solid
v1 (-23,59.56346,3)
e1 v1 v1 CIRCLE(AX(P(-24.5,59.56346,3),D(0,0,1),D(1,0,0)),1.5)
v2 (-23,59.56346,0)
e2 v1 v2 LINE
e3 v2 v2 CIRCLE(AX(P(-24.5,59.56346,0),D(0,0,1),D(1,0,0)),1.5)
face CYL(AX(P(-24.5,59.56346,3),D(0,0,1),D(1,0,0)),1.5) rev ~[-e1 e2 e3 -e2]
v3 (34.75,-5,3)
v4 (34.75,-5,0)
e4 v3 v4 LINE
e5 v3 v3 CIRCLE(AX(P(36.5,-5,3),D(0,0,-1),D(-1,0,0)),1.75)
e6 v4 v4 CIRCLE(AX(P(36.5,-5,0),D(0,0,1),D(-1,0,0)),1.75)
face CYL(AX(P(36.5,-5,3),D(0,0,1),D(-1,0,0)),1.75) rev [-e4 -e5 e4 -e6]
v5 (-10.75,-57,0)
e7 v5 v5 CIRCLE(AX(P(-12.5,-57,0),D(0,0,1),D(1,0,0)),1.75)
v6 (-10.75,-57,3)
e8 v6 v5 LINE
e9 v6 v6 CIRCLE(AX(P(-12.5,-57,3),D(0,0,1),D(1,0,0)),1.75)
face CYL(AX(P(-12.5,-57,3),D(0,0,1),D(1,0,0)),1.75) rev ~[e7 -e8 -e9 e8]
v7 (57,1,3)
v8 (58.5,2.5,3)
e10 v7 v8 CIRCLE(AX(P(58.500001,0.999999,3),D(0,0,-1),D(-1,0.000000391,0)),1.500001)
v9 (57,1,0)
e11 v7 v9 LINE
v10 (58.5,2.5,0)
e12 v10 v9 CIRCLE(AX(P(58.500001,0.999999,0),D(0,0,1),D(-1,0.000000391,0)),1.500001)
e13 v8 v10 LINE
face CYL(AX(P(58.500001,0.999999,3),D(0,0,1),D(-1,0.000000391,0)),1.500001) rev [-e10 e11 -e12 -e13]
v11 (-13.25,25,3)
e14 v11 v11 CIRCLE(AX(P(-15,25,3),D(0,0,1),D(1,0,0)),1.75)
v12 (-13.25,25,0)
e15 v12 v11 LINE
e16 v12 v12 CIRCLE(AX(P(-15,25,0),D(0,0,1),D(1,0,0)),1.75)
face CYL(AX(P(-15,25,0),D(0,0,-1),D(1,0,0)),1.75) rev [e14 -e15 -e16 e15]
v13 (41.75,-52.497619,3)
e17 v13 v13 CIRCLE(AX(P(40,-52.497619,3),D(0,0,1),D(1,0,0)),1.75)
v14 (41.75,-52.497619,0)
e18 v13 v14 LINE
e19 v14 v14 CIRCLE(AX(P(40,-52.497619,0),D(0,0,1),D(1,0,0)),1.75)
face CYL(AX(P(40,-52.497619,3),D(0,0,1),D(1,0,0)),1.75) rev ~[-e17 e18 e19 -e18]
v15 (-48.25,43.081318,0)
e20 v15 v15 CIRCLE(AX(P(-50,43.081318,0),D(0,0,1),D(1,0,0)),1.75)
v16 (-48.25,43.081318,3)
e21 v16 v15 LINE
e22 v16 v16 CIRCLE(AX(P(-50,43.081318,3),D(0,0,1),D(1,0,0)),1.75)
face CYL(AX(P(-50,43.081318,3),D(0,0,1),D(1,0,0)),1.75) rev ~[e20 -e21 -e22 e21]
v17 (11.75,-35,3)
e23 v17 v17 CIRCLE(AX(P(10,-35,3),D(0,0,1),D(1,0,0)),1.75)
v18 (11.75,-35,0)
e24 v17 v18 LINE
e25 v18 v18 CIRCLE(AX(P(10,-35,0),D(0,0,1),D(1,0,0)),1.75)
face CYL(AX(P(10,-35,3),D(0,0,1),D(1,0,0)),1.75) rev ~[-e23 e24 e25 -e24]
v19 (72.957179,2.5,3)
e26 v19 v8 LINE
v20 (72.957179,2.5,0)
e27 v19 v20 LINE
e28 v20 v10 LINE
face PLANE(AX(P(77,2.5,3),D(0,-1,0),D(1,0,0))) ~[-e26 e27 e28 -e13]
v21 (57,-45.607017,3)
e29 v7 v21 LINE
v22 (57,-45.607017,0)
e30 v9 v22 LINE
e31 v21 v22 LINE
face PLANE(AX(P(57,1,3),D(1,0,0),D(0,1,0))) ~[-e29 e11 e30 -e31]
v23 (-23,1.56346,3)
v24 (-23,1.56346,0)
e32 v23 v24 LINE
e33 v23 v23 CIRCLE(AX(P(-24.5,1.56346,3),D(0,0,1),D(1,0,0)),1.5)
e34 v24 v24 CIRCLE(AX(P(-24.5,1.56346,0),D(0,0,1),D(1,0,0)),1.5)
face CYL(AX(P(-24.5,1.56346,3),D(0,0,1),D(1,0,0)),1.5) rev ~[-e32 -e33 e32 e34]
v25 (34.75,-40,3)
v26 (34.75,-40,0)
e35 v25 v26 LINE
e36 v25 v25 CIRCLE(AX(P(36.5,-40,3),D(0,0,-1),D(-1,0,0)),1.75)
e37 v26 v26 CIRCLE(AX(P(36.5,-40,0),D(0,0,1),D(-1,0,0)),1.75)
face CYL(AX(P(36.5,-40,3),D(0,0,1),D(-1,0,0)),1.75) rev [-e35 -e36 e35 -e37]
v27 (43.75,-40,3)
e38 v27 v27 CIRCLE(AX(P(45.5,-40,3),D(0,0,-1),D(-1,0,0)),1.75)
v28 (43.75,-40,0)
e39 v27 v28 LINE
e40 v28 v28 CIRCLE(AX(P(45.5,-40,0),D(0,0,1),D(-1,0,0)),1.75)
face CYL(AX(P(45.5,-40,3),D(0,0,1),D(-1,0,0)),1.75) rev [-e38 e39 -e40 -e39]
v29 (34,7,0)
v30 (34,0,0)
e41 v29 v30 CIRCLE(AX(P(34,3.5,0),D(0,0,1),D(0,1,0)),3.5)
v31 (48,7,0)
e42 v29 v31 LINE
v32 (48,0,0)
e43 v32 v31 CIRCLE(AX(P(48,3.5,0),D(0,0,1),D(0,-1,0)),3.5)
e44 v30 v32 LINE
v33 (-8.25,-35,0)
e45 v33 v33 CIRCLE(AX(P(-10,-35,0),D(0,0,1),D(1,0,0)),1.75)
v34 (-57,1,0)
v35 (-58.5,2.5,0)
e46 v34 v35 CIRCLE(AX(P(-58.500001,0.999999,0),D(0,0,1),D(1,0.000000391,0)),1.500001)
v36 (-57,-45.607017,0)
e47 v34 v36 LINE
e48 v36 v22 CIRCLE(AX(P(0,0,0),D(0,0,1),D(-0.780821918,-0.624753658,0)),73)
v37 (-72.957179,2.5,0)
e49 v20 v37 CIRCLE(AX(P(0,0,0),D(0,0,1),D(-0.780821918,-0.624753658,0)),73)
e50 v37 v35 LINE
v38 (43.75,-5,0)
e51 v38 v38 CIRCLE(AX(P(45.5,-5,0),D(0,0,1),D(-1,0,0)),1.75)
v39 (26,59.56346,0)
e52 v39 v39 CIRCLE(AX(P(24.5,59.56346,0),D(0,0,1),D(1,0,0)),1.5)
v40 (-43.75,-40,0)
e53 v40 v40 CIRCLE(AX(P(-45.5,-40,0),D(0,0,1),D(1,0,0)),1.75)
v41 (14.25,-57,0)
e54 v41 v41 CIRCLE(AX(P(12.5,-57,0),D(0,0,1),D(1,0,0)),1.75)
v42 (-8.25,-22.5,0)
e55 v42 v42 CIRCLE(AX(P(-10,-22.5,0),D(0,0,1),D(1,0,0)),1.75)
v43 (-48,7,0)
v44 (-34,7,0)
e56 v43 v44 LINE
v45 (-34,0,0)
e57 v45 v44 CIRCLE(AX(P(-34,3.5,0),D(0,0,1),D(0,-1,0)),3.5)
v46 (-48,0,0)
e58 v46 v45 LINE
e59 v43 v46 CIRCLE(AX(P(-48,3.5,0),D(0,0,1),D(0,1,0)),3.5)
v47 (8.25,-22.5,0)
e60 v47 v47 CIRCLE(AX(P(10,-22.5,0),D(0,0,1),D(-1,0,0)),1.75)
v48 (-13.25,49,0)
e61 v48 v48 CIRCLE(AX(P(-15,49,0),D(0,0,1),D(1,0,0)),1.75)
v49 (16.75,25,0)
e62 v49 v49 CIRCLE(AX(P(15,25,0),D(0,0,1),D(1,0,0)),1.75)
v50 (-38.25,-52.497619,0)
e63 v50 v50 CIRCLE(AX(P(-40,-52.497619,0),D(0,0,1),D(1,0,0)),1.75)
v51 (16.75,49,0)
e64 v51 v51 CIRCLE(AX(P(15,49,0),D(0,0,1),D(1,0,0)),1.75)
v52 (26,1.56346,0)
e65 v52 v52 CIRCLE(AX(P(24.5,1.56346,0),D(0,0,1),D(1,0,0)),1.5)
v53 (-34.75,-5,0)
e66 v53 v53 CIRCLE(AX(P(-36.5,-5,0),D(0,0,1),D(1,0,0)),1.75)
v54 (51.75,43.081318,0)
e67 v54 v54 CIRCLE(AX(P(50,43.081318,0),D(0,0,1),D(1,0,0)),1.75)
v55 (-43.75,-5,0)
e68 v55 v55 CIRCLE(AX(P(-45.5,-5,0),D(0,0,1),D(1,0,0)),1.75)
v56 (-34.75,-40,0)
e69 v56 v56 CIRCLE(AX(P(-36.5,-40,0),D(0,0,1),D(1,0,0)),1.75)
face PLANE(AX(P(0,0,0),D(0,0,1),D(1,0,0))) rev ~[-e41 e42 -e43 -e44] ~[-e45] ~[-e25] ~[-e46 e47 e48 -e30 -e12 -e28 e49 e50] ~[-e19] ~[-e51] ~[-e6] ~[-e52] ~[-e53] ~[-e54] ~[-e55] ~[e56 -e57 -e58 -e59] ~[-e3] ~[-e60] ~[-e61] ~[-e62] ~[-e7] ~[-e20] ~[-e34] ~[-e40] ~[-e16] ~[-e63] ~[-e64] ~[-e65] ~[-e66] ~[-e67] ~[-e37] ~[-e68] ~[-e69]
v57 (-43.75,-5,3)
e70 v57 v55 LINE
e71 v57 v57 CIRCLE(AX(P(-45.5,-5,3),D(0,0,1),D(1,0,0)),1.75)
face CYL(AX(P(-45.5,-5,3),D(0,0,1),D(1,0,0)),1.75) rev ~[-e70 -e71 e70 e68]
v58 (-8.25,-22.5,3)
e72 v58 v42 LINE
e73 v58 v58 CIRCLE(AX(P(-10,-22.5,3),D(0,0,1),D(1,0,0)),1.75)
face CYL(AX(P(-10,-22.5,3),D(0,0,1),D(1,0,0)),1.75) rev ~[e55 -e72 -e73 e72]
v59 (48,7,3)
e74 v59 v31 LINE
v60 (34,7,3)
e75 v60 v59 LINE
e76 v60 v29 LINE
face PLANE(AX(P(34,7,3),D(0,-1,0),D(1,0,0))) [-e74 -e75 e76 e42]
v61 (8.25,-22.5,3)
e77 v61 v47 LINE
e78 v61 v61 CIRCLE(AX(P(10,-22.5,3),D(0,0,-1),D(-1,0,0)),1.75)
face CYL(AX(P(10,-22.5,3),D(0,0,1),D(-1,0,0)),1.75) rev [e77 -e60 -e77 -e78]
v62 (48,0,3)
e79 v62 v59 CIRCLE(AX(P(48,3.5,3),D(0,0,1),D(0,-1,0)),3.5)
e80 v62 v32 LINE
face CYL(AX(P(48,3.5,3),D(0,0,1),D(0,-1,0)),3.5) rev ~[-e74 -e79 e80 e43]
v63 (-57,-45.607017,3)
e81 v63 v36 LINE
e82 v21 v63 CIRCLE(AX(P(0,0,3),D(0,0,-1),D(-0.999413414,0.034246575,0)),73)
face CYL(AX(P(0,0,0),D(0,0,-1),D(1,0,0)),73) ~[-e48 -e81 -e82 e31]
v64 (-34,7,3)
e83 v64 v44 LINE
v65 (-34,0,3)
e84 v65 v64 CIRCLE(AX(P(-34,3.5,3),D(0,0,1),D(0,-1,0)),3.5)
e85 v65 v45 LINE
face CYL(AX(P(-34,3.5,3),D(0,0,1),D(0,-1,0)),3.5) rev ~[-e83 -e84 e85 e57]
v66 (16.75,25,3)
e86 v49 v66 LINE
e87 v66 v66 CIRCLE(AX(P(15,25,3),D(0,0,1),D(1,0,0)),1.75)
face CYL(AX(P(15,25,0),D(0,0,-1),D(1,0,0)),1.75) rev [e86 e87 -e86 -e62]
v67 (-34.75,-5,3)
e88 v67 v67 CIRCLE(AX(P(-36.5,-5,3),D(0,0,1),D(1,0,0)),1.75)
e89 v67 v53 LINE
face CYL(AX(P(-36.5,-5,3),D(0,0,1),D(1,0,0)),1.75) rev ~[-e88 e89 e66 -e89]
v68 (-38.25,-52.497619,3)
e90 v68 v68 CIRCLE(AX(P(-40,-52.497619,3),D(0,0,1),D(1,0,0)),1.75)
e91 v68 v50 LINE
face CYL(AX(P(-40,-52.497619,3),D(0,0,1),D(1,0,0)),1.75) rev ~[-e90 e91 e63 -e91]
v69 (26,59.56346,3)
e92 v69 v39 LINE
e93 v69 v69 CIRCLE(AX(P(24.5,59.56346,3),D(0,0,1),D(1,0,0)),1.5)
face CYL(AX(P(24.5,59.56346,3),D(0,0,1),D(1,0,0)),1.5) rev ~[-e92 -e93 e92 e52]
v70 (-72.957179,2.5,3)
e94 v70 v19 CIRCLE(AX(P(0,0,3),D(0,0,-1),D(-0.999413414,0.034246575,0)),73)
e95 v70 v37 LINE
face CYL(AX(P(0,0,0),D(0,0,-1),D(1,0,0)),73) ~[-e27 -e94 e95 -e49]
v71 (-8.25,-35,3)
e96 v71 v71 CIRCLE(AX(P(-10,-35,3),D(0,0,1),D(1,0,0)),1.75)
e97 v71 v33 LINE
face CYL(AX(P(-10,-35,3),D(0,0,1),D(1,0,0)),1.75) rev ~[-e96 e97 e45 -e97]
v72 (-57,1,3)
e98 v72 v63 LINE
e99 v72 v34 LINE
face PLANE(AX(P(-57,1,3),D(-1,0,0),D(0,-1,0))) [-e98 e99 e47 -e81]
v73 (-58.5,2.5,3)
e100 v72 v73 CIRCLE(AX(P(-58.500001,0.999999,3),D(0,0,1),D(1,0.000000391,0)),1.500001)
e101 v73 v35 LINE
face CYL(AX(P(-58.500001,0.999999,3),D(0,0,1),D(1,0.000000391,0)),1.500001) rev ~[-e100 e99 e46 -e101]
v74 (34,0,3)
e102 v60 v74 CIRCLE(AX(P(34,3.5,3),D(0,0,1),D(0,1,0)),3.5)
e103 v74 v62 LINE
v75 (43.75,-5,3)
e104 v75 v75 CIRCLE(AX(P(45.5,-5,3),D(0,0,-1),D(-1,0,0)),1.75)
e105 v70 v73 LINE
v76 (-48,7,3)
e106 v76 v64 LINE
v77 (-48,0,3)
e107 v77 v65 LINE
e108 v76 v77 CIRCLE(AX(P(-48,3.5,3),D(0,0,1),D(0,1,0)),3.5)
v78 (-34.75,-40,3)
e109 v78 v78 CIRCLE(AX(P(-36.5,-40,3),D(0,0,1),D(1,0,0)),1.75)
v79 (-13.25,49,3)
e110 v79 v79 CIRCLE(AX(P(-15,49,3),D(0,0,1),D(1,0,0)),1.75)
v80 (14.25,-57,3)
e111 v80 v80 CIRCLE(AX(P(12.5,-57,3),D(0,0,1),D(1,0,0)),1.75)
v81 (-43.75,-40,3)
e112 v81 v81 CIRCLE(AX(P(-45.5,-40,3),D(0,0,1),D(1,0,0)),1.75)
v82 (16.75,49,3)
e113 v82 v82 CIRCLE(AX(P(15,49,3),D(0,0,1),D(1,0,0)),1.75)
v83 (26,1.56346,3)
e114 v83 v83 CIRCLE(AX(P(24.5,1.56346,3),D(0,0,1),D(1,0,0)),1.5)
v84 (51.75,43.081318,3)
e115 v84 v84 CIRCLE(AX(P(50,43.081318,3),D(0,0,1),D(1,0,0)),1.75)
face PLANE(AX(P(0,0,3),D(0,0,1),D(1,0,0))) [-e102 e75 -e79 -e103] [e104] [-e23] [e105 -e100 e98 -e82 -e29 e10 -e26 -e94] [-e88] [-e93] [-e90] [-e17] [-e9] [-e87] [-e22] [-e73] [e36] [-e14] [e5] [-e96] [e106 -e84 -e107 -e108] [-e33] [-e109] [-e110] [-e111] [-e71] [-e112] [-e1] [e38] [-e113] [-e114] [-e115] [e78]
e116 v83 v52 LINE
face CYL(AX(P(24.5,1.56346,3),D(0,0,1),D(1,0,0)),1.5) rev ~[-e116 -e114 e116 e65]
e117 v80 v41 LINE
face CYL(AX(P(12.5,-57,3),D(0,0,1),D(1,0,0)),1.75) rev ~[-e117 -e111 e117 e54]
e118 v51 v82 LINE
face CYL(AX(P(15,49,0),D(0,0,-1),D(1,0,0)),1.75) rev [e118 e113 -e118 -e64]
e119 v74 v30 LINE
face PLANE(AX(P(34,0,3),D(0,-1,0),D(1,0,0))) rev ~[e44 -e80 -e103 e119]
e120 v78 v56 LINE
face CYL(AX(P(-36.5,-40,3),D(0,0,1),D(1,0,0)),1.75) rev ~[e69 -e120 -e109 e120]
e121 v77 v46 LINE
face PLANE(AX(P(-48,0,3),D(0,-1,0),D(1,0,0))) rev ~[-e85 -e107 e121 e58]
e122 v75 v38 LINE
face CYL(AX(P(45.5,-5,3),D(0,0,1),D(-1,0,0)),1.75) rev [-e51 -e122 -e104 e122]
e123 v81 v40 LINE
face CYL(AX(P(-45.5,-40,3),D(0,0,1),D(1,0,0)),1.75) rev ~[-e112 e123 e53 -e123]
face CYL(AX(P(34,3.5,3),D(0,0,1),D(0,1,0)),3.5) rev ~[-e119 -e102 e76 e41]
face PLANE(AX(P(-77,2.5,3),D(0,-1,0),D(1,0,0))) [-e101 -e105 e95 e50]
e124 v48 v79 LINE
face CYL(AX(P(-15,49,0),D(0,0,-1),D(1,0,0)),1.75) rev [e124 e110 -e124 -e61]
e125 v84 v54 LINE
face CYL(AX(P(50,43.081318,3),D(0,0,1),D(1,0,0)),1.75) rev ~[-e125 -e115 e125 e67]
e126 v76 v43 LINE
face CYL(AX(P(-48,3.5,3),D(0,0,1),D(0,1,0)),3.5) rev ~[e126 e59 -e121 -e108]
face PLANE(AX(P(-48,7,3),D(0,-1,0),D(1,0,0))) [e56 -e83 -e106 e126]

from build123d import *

# Parameters (mm, degrees)
SKETCH_R        = 73
SKETCH_R_2      = 1.75
PAD_DEPTH       = 3
SKETCH001_R     = 1.75
POCKET_DEPTH    = 415.994947
SKETCH002_R     = 1.75
POCKET001_DEPTH = 3.001
POCKET002_DEPTH = 3.001
SKETCH004_R     = 1.75
SKETCH004_R_2   = 1.5
POCKET003_DEPTH = 3.001


with BuildPart() as part:
    # Sketch → Pad (new body)
    with BuildSketch(Plane.XY):
        Circle(SKETCH_R)
        with Locations((-15, 49)):
            Circle(SKETCH_R_2, mode=Mode.SUBTRACT)
        with Locations((15, 49)):
            Circle(SKETCH_R_2, mode=Mode.SUBTRACT)
        with Locations((15, 25)):
            Circle(SKETCH_R_2, mode=Mode.SUBTRACT)
        with Locations((-15, 25)):
            Circle(SKETCH_R_2, mode=Mode.SUBTRACT)
    extrude(amount=PAD_DEPTH)

    # Sketch001 (on Face7 of Pad) → Pocket (cut, through all)
    with BuildSketch(Plane.XY.offset(3)):
        with Locations((-45.5, -5)):
            Circle(SKETCH001_R)
        with Locations((-36.5, -5)):
            Circle(SKETCH001_R)
        with Locations((-45.5, -40)):
            Circle(SKETCH001_R)
        with Locations((-36.5, -40)):
            Circle(SKETCH001_R)
        with Locations((-10, -22.5)):
            Circle(SKETCH001_R)
        with BuildLine():
            Line((-77, 2.5), (-58.5, 2.5))
            ThreePointArc((-57, 1), (-57.43934, 2.06066), (-58.5, 2.5))
            Line((-57, 1), (-57, -47.5))
            Line((-57, -47.5), (-77, -47.5))
            Line((-77, -47.5), (-77, 2.5))
        make_face()
    pocket = extrude(amount=-POCKET_DEPTH, mode=Mode.SUBTRACT)

    # Mirrored: Pocket across YZ
    add(pocket.mirror(Plane.YZ), mode=Mode.SUBTRACT)

    # Sketch002 (on Face4 of Mirrored) → Pocket001 (cut, through all)
    with BuildSketch(Plane.XY.offset(3)):
        with Locations((-40, -52.497619)):
            Circle(SKETCH002_R)
        with Locations((40, -52.497619)):
            Circle(SKETCH002_R)
        with Locations((-50, 43.081318)):
            Circle(SKETCH002_R)
        with Locations((50, 43.081318)):
            Circle(SKETCH002_R)
    extrude(amount=-POCKET001_DEPTH, mode=Mode.SUBTRACT)

    # Sketch003 (on Face4 of Pocket001) → Pocket002 (cut, through all)
    with BuildSketch(Plane.XY.offset(3)):
        with BuildLine():
            ThreePointArc((-48, 7), (-51.5, 3.5), (-48, 0))
            Line((-48, 0), (-34, 0))
            ThreePointArc((-34, 0), (-30.5, 3.5), (-34, 7))
            Line((-48, 7), (-34, 7))
        make_face()
        with BuildLine():
            ThreePointArc((34, 7), (30.5, 3.5), (34, 0))
            Line((34, 0), (48, 0))
            ThreePointArc((48, 0), (51.5, 3.5), (48, 7))
            Line((34, 7), (48, 7))
        make_face()
    extrude(amount=-POCKET002_DEPTH, mode=Mode.SUBTRACT)

    # Sketch004 (on Face4 of Pocket002) → Pocket003 (cut, through all)
    with BuildSketch(Plane.XY.offset(3)):
        with Locations((-12.5, -57)):
            Circle(SKETCH004_R)
        with Locations((12.5, -57)):
            Circle(SKETCH004_R)
        with Locations((-24.5, 59.56346)):
            Circle(SKETCH004_R_2)
        with Locations((24.5, 59.56346)):
            Circle(SKETCH004_R_2)
        with Locations((-24.5, 1.56346)):
            Circle(SKETCH004_R_2)
        with Locations((24.5, 1.56346)):
            Circle(SKETCH004_R_2)
        with Locations((-10, -35)):
            Circle(SKETCH004_R)
        with Locations((10, -35)):
            Circle(SKETCH004_R)
    extrude(amount=-POCKET003_DEPTH, mode=Mode.SUBTRACT)


solid = part.part
